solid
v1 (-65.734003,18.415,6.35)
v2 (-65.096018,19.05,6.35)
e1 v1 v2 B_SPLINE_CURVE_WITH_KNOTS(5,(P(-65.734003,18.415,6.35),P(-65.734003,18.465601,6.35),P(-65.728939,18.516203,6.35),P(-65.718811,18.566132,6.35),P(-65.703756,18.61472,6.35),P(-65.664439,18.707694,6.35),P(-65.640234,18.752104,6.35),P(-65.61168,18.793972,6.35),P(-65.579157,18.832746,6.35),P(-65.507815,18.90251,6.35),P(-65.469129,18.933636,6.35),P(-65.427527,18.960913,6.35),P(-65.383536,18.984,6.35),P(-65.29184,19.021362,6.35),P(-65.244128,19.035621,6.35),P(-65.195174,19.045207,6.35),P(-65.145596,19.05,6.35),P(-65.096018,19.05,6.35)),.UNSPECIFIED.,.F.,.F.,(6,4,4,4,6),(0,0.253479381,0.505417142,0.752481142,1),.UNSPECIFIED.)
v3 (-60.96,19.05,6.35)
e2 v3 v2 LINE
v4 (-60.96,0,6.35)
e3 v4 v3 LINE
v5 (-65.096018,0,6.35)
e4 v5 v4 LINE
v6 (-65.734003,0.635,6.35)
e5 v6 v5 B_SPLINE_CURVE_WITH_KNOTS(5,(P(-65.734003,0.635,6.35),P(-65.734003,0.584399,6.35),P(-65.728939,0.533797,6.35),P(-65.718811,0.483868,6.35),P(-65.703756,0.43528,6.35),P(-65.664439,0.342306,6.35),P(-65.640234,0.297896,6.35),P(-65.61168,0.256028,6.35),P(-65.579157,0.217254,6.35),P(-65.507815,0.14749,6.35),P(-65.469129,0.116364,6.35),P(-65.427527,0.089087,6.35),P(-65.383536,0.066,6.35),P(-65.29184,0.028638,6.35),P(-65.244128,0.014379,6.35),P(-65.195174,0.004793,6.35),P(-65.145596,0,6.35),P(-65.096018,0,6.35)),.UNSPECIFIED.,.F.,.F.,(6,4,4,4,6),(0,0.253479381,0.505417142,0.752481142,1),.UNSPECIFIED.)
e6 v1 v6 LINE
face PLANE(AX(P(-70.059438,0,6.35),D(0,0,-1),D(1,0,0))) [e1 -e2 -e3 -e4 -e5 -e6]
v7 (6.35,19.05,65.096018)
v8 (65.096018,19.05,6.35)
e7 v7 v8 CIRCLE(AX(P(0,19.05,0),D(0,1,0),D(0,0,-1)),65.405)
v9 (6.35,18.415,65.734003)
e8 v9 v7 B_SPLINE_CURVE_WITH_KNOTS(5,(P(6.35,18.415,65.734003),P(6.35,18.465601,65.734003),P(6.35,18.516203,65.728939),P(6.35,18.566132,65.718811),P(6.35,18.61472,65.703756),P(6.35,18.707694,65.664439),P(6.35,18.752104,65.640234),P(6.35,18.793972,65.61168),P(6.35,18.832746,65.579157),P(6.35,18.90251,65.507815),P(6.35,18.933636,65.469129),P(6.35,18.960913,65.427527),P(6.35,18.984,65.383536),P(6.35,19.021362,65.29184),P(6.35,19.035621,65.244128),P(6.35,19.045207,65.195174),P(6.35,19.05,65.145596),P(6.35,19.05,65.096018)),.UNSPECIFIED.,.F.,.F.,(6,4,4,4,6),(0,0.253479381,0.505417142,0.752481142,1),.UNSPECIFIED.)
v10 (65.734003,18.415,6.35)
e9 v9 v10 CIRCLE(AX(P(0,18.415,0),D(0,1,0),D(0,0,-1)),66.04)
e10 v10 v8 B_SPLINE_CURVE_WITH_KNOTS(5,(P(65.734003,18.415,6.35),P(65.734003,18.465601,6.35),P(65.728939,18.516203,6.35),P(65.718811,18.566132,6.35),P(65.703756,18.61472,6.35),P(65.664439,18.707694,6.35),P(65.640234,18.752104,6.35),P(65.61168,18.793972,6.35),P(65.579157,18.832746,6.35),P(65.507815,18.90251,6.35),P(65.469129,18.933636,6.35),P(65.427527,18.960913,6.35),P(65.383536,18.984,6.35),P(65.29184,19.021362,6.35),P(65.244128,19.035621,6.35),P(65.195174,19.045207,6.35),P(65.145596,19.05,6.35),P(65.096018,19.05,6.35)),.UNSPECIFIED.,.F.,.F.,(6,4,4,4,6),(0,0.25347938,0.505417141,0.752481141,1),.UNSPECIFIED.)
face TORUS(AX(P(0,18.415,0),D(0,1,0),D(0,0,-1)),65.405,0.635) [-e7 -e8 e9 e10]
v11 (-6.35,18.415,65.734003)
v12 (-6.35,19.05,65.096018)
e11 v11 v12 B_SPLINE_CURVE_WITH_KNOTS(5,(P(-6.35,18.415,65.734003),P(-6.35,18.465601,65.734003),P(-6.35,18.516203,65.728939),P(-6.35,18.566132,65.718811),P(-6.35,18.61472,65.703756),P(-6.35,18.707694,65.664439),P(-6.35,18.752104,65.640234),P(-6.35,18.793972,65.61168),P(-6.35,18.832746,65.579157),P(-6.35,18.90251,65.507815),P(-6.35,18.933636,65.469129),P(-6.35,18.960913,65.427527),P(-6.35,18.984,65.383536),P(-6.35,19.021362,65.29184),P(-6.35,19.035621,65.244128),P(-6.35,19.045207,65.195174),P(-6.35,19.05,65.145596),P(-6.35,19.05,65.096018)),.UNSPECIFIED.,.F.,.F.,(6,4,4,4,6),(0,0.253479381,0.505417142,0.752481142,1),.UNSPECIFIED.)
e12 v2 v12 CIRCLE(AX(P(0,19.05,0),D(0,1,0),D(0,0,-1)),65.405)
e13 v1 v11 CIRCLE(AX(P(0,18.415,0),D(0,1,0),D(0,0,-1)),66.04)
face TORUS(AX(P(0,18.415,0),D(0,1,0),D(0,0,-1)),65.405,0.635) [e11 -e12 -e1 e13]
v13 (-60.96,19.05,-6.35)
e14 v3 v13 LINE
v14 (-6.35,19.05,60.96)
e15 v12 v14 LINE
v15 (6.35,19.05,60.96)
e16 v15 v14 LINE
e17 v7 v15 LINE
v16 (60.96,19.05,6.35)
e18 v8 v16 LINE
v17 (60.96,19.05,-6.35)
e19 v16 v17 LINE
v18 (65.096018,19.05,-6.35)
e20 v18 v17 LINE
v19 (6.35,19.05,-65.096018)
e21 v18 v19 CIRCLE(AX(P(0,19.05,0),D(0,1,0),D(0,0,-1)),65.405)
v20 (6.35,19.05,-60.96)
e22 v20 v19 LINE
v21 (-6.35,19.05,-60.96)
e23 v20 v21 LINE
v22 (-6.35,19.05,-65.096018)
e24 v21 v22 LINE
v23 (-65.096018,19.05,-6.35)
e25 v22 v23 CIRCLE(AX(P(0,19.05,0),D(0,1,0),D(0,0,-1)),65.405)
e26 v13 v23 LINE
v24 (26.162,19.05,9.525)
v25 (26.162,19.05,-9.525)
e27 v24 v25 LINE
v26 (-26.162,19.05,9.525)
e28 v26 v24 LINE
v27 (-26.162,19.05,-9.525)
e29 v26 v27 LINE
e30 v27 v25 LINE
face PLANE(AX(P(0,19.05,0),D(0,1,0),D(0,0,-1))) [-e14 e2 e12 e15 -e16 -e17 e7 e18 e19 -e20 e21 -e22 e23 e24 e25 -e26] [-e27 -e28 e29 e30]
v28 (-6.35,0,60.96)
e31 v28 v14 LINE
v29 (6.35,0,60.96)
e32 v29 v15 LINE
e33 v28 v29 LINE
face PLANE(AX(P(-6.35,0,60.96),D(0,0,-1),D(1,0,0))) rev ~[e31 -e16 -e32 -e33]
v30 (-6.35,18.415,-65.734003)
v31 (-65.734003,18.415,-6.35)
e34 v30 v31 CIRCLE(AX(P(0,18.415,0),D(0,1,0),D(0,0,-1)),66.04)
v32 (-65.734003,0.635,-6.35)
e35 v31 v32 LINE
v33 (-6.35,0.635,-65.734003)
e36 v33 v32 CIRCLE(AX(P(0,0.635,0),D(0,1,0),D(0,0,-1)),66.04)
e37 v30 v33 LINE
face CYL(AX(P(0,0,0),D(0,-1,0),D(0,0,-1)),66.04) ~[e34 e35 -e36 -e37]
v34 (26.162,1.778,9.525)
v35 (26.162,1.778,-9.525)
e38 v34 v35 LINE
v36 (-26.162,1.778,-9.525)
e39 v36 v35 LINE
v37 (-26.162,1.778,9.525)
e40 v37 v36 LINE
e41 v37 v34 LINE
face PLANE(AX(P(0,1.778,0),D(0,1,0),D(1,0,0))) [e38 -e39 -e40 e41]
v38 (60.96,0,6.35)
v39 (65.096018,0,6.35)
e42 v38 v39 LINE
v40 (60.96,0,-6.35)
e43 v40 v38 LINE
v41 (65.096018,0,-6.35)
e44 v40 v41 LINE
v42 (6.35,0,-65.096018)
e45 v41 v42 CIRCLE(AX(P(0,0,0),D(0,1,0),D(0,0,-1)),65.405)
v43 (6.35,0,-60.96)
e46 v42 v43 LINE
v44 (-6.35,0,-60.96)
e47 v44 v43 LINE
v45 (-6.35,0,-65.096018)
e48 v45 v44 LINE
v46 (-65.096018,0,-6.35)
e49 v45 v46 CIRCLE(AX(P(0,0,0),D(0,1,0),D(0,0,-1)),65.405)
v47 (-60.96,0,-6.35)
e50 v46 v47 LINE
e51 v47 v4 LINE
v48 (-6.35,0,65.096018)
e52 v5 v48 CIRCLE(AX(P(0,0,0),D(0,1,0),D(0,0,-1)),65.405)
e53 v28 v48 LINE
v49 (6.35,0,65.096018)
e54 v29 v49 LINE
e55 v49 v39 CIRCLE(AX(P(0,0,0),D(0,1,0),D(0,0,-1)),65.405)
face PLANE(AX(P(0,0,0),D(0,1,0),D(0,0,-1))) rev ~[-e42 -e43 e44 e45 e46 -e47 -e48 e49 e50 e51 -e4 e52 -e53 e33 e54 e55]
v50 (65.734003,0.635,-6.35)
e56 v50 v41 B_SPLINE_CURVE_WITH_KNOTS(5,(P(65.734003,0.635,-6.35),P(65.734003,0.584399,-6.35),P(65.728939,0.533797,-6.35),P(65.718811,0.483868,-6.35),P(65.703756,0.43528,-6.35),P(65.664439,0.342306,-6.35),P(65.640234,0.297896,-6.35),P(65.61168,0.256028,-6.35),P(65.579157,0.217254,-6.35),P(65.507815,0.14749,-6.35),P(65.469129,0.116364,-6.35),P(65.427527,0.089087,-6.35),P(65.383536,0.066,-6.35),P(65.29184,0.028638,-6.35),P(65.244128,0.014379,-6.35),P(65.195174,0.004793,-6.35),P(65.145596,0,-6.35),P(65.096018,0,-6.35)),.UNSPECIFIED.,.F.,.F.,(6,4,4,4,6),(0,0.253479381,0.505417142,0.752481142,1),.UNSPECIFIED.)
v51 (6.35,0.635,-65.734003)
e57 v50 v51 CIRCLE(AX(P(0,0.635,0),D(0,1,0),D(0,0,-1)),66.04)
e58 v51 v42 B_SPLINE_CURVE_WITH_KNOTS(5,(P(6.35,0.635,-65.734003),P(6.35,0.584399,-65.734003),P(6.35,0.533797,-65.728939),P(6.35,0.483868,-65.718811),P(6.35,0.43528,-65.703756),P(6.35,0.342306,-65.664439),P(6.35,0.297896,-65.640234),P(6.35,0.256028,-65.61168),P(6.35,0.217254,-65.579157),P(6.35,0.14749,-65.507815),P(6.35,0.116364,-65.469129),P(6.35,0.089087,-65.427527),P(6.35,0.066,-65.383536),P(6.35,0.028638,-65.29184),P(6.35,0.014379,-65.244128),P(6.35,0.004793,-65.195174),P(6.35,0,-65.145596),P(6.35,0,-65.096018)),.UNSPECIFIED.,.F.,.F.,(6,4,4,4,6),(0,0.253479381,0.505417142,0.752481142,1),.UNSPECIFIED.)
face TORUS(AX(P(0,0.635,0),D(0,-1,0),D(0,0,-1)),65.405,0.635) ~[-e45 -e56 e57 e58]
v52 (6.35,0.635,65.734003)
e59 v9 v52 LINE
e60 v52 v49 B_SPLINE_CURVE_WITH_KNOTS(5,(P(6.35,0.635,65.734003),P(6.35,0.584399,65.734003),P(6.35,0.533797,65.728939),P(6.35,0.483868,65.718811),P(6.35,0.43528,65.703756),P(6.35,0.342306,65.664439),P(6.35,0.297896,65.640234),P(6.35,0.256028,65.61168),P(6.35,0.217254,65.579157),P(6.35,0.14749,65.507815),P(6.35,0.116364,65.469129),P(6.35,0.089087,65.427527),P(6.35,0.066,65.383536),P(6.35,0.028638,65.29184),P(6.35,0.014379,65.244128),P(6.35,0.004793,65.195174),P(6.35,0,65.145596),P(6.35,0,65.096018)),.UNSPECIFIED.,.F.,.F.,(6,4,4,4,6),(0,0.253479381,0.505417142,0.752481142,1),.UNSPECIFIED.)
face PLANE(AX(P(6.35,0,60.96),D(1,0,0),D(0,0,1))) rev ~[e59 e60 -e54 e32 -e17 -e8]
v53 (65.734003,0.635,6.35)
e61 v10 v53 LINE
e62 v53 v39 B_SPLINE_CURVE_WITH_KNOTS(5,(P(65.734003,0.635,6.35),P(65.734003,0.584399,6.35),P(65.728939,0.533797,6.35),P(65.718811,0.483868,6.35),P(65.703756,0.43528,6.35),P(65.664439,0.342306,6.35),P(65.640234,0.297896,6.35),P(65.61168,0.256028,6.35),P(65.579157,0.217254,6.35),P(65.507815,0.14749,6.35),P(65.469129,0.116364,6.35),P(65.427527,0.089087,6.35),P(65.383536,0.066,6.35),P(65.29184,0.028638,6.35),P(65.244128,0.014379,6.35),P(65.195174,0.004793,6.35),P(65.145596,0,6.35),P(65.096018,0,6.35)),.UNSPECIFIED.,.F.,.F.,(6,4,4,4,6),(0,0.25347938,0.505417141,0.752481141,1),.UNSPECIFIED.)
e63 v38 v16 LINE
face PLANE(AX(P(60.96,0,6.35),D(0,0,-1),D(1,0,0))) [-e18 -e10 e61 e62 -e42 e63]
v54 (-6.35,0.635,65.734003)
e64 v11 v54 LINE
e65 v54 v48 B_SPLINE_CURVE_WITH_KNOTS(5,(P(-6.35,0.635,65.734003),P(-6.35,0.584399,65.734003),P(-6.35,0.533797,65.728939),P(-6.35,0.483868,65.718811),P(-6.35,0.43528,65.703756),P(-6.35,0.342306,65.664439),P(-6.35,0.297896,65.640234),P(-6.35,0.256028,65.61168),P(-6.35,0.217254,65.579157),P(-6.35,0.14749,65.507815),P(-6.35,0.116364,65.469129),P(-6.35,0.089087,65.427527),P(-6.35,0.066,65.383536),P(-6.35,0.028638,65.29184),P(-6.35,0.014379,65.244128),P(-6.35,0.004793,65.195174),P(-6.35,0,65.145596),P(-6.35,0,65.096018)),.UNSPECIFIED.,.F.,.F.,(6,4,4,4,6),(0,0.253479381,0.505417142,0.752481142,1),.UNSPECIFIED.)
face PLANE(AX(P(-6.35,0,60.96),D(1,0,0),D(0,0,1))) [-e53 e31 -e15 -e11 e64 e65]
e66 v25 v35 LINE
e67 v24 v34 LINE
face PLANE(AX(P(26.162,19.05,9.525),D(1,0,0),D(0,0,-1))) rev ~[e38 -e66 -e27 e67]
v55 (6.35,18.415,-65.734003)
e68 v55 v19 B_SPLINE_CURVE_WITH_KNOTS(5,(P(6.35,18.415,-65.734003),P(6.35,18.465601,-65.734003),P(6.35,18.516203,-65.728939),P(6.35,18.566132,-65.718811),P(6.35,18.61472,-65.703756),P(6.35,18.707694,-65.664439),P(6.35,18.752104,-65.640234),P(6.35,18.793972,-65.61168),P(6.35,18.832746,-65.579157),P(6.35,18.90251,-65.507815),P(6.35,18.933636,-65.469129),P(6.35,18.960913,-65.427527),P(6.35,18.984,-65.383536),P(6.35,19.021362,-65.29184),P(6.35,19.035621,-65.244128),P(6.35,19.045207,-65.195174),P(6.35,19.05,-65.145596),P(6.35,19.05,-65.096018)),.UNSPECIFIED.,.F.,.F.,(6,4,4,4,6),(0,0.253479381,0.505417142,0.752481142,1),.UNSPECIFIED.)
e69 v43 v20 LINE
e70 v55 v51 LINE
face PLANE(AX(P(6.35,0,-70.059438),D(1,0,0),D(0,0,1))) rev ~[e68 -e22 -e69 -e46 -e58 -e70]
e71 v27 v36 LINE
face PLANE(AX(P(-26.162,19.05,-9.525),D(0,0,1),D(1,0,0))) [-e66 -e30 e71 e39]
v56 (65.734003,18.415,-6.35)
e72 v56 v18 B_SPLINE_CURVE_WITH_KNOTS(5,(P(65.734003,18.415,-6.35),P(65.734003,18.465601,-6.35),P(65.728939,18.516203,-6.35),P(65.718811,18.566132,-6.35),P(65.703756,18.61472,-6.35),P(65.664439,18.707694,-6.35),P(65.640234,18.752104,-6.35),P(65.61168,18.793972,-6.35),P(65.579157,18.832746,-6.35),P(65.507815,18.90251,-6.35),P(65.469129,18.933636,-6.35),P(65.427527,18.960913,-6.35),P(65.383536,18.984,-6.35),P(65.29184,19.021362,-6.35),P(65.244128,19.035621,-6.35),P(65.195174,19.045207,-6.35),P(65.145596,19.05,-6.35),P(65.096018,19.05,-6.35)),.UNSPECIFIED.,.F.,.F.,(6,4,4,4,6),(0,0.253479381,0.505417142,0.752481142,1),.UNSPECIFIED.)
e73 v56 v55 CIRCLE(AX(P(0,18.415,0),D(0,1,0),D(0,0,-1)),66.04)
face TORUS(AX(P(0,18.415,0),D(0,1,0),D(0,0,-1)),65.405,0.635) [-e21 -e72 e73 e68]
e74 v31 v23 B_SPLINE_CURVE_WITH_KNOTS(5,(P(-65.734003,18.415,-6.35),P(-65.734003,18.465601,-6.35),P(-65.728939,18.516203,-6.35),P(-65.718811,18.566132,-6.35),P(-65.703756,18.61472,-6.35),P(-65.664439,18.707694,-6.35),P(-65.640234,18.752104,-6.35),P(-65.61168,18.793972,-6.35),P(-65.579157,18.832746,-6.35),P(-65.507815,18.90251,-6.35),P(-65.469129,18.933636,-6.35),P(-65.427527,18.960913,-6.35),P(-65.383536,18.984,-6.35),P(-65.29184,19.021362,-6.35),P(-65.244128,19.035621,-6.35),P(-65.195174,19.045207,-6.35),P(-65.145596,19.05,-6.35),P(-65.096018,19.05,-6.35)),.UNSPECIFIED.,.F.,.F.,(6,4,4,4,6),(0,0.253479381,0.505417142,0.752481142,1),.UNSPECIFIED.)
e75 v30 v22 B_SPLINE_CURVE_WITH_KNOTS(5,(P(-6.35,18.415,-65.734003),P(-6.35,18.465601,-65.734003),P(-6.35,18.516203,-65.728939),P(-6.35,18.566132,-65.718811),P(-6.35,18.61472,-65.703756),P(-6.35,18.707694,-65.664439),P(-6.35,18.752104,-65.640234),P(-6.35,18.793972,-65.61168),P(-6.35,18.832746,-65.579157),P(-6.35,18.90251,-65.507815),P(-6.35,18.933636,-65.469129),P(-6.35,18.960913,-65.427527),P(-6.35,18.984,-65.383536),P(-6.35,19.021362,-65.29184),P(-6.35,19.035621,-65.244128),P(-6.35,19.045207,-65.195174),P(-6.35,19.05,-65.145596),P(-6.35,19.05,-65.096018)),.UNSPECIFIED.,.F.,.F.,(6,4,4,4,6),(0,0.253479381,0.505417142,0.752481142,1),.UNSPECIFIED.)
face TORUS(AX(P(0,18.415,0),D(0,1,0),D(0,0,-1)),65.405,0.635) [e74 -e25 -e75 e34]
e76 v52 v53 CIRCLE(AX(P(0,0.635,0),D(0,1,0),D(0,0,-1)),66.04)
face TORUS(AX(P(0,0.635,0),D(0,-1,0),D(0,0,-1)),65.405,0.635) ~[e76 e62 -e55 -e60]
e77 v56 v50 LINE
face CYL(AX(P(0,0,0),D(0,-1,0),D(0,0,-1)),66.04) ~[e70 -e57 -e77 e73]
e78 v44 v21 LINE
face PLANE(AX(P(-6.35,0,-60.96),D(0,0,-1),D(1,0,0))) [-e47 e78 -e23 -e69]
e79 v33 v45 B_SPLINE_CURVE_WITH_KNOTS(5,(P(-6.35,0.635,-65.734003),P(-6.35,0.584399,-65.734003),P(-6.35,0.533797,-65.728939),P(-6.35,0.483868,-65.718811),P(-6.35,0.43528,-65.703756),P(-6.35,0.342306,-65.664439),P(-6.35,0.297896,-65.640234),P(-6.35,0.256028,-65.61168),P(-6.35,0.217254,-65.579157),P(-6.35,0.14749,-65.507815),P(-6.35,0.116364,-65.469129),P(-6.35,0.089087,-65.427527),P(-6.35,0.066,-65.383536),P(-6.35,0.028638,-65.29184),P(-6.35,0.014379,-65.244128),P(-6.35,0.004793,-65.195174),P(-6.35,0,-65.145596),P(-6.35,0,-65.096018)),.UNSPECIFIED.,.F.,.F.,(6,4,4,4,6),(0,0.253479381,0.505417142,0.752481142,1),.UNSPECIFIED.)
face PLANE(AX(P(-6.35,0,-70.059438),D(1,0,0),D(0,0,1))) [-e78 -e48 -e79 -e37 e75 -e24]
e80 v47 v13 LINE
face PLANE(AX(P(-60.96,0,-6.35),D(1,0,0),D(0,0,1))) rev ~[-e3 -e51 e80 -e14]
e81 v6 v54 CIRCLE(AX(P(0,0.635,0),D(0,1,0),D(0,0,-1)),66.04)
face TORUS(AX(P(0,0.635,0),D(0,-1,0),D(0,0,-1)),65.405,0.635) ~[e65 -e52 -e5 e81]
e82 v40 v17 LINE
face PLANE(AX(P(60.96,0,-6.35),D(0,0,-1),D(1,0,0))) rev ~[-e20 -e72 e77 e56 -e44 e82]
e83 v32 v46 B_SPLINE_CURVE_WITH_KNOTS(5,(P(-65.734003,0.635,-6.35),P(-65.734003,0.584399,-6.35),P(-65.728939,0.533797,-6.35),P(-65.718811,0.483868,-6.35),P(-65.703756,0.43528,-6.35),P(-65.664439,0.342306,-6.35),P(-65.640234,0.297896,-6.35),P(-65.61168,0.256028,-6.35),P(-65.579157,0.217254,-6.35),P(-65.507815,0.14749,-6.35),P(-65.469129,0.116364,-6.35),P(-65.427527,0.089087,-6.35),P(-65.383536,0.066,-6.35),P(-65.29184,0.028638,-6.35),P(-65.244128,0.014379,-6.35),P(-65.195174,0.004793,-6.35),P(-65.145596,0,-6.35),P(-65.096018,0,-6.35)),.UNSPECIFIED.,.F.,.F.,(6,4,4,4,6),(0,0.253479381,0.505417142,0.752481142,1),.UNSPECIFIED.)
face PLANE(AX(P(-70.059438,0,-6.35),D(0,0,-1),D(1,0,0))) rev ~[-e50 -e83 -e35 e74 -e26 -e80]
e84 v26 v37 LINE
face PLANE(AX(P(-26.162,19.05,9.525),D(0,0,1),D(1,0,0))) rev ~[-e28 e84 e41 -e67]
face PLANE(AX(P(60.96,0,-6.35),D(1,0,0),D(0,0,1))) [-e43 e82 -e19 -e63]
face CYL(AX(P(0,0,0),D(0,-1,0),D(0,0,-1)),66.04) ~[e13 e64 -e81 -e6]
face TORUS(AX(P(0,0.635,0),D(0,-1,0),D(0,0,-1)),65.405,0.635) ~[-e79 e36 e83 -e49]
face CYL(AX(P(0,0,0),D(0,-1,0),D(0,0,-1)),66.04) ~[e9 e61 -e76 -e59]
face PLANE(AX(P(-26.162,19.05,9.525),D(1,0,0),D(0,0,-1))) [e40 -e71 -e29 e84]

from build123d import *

# Parameters (mm, degrees)
SKETCH2_R           = 66.04
BOSS_EXTRUDE1_DEPTH = 19.05
FILLET1_R           = 0.635
SKETCH4_W           = 12.7
SKETCH4_H           = 9.0994385
SKETCH4_W_2         = 9.0994385
SKETCH4_H_2         = 12.7
CUT_EXTRUDE2_DEPTH  = 96.317709267
SKETCH5_W           = 52.324
SKETCH5_H           = 19.05
CUT_EXTRUDE3_DEPTH  = 17.272


with BuildPart() as part:
    # Sketch2 → Boss-Extrude1 (new body)
    with BuildSketch(Plane(origin=(0, 0, 0), x_dir=(1, 0, 0), z_dir=(0, 1, 0))):
        with Locations(Location((0, 0, 0), (0, 0, 90))):
            Circle(SKETCH2_R)
    extrude(amount=BOSS_EXTRUDE1_DEPTH)

    # Fillet1
    fillet1_edges = [part.edges().sort_by_distance(p)[0] for p in [
        (0, 0, 66.04),
        (0, 19.05, 66.04),
    ]]
    fillet(fillet1_edges, radius=FILLET1_R)

    # Sketch4 → Cut-Extrude2 (cut, through all)
    with BuildSketch(Plane.XZ):
        with Locations((0, -65.50971925)):
            Rectangle(SKETCH4_W, SKETCH4_H)
        with Locations((-65.50971925, 0)):
            Rectangle(SKETCH4_W_2, SKETCH4_H_2)
        with Locations((0, 65.50971925)):
            Rectangle(SKETCH4_W, SKETCH4_H)
        with Locations((65.50971925, 0)):
            Rectangle(SKETCH4_W_2, SKETCH4_H_2)
    extrude(amount=-CUT_EXTRUDE2_DEPTH, mode=Mode.SUBTRACT)

    # Sketch5 → Cut-Extrude3 (cut)
    with BuildSketch(Plane(origin=(0, 19.05, 0), x_dir=(1, 0, 0), z_dir=(0, 1, 0))):
        Rectangle(SKETCH5_W, SKETCH5_H)
    extrude(amount=-CUT_EXTRUDE3_DEPTH, mode=Mode.SUBTRACT)


solid = part.part
